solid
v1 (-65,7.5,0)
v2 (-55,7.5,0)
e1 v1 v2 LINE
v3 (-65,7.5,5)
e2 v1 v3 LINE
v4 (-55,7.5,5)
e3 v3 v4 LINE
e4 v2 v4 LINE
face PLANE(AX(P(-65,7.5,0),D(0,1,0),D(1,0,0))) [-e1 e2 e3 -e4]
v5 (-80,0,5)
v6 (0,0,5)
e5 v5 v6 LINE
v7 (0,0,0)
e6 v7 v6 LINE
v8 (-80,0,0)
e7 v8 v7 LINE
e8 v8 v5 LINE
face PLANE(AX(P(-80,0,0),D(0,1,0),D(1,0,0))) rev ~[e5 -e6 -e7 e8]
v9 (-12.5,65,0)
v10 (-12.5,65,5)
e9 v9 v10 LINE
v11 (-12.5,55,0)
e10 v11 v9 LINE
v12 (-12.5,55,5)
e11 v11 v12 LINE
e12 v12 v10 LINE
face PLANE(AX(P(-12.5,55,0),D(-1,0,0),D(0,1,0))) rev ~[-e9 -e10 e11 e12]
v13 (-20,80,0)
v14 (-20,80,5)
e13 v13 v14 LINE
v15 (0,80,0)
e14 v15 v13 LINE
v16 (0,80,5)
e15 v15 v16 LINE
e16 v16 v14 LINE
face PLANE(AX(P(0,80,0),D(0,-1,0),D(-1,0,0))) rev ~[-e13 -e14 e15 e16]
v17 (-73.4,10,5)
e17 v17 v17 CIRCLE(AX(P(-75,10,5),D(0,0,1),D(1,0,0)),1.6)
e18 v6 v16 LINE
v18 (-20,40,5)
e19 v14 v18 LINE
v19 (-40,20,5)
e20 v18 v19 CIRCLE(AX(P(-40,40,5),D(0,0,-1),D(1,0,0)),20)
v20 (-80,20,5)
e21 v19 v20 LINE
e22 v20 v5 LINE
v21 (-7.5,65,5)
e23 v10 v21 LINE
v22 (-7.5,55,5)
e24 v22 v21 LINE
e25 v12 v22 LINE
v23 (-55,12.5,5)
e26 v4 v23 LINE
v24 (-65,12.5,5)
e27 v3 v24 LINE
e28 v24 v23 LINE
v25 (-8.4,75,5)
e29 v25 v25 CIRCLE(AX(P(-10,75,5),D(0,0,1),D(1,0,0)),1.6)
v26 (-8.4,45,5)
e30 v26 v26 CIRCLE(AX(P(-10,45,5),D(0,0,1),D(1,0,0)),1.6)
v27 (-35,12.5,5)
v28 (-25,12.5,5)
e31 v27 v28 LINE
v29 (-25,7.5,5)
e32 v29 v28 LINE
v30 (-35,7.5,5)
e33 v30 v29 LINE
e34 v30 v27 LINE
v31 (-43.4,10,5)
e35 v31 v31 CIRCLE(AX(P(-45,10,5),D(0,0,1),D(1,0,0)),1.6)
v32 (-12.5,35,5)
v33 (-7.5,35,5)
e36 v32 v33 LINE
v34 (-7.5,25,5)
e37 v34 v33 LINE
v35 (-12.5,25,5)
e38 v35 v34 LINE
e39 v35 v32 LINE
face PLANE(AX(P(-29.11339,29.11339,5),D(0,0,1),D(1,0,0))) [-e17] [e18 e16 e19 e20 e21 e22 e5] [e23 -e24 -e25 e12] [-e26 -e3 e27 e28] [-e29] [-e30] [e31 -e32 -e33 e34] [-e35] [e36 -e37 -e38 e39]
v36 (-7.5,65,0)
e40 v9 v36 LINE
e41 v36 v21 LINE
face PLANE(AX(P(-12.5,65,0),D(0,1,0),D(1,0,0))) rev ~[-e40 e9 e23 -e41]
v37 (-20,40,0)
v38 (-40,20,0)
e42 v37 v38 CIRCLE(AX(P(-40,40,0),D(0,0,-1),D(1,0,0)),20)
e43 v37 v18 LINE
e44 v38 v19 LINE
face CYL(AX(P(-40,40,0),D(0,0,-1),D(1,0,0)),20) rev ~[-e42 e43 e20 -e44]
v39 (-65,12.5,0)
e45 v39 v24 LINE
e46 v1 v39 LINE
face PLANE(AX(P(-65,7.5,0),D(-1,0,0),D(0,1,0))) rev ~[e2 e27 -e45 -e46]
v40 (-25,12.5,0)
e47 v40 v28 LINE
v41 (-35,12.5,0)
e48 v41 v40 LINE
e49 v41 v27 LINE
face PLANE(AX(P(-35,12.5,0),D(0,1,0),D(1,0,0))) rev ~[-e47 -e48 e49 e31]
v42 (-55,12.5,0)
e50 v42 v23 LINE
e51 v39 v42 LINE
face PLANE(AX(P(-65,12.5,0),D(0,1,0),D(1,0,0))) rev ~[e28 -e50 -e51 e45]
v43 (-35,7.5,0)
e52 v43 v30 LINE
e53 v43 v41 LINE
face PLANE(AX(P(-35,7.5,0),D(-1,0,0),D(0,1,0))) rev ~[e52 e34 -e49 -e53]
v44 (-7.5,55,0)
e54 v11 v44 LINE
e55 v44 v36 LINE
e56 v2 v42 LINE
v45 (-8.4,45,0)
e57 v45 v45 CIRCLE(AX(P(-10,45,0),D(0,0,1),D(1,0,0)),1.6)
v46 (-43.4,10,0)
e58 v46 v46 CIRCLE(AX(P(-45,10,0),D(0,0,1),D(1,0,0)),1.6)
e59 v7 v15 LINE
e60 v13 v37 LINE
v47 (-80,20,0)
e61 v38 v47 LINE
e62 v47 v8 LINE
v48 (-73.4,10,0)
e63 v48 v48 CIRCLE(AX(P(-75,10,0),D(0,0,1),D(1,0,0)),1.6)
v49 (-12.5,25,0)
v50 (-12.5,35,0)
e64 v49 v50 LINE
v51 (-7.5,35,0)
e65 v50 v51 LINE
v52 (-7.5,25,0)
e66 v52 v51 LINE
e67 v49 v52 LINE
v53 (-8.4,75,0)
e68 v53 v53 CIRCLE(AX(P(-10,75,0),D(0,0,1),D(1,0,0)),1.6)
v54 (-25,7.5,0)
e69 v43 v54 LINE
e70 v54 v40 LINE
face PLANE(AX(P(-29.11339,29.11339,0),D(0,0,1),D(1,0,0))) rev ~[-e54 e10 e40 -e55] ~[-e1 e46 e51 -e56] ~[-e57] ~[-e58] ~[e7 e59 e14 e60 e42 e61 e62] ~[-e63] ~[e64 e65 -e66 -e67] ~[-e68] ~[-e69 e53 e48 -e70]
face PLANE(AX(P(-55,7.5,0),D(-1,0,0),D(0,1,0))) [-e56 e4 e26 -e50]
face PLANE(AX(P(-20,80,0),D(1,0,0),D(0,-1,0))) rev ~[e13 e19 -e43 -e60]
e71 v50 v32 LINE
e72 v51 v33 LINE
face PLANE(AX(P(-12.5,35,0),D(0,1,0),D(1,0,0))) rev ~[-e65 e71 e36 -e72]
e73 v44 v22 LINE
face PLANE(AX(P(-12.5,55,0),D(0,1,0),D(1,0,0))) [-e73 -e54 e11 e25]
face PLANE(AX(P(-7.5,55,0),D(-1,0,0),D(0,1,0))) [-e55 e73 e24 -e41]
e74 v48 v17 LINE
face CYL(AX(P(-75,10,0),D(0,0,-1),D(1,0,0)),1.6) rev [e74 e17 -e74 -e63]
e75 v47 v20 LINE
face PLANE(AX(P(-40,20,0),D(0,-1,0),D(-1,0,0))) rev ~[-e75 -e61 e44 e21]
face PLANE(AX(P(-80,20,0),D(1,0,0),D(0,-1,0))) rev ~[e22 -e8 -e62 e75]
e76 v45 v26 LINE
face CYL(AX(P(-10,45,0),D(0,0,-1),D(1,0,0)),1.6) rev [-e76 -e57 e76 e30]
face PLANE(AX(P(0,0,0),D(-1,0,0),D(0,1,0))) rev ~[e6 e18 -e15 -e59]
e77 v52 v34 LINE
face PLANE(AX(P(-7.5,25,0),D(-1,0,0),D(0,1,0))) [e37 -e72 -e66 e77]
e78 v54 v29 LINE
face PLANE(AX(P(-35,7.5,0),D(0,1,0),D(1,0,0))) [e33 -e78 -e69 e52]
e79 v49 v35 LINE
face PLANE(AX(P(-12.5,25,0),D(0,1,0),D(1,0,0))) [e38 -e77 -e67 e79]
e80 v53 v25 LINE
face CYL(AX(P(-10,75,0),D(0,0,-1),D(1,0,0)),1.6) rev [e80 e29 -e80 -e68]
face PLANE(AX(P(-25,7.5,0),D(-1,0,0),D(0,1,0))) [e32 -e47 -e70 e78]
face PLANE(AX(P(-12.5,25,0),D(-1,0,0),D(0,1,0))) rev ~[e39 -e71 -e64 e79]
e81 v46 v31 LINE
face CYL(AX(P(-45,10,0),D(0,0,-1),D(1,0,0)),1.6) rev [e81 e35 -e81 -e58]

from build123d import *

# Parameters (mm, degrees)
F1_R     = 1.6
F1_W     = 10
F1_H     = 5
F1_W_2   = 5
F1_H_2   = 10
F2_DEPTH = 5


with BuildPart() as f2:
    # F1 (on Top) → F2 (new body)
    with BuildSketch(Plane.XY):
        with BuildLine():
            Line((-80, 0), (0, 0))
            Line((0, 0), (0, 80))
            Line((0, 80), (-20, 80))
            Line((-20, 80), (-20, 40))
            ThreePointArc((-20, 40), (-25.8578643763, 25.8578643763), (-40, 20))
            Line((-40, 20), (-80, 20))
            Line((-80, 20), (-80, 0))
        make_face()
        with Locations((-75, 10)):
            Circle(F1_R, mode=Mode.SUBTRACT)
        with Locations((-60, 10)):
            Rectangle(F1_W, F1_H, mode=Mode.SUBTRACT)
        with Locations((-45, 10)):
            Circle(F1_R, mode=Mode.SUBTRACT)
        with Locations((-30, 10)):
            Rectangle(F1_W, F1_H, mode=Mode.SUBTRACT)
        with Locations((-10, 30)):
            Rectangle(F1_W_2, F1_H_2, mode=Mode.SUBTRACT)
        with Locations((-10, 45)):
            Circle(F1_R, mode=Mode.SUBTRACT)
        with Locations((-10, 60)):
            Rectangle(F1_W_2, F1_H_2, mode=Mode.SUBTRACT)
        with Locations((-10, 75)):
            Circle(F1_R, mode=Mode.SUBTRACT)
    extrude(amount=F2_DEPTH)


solid = f2.part
